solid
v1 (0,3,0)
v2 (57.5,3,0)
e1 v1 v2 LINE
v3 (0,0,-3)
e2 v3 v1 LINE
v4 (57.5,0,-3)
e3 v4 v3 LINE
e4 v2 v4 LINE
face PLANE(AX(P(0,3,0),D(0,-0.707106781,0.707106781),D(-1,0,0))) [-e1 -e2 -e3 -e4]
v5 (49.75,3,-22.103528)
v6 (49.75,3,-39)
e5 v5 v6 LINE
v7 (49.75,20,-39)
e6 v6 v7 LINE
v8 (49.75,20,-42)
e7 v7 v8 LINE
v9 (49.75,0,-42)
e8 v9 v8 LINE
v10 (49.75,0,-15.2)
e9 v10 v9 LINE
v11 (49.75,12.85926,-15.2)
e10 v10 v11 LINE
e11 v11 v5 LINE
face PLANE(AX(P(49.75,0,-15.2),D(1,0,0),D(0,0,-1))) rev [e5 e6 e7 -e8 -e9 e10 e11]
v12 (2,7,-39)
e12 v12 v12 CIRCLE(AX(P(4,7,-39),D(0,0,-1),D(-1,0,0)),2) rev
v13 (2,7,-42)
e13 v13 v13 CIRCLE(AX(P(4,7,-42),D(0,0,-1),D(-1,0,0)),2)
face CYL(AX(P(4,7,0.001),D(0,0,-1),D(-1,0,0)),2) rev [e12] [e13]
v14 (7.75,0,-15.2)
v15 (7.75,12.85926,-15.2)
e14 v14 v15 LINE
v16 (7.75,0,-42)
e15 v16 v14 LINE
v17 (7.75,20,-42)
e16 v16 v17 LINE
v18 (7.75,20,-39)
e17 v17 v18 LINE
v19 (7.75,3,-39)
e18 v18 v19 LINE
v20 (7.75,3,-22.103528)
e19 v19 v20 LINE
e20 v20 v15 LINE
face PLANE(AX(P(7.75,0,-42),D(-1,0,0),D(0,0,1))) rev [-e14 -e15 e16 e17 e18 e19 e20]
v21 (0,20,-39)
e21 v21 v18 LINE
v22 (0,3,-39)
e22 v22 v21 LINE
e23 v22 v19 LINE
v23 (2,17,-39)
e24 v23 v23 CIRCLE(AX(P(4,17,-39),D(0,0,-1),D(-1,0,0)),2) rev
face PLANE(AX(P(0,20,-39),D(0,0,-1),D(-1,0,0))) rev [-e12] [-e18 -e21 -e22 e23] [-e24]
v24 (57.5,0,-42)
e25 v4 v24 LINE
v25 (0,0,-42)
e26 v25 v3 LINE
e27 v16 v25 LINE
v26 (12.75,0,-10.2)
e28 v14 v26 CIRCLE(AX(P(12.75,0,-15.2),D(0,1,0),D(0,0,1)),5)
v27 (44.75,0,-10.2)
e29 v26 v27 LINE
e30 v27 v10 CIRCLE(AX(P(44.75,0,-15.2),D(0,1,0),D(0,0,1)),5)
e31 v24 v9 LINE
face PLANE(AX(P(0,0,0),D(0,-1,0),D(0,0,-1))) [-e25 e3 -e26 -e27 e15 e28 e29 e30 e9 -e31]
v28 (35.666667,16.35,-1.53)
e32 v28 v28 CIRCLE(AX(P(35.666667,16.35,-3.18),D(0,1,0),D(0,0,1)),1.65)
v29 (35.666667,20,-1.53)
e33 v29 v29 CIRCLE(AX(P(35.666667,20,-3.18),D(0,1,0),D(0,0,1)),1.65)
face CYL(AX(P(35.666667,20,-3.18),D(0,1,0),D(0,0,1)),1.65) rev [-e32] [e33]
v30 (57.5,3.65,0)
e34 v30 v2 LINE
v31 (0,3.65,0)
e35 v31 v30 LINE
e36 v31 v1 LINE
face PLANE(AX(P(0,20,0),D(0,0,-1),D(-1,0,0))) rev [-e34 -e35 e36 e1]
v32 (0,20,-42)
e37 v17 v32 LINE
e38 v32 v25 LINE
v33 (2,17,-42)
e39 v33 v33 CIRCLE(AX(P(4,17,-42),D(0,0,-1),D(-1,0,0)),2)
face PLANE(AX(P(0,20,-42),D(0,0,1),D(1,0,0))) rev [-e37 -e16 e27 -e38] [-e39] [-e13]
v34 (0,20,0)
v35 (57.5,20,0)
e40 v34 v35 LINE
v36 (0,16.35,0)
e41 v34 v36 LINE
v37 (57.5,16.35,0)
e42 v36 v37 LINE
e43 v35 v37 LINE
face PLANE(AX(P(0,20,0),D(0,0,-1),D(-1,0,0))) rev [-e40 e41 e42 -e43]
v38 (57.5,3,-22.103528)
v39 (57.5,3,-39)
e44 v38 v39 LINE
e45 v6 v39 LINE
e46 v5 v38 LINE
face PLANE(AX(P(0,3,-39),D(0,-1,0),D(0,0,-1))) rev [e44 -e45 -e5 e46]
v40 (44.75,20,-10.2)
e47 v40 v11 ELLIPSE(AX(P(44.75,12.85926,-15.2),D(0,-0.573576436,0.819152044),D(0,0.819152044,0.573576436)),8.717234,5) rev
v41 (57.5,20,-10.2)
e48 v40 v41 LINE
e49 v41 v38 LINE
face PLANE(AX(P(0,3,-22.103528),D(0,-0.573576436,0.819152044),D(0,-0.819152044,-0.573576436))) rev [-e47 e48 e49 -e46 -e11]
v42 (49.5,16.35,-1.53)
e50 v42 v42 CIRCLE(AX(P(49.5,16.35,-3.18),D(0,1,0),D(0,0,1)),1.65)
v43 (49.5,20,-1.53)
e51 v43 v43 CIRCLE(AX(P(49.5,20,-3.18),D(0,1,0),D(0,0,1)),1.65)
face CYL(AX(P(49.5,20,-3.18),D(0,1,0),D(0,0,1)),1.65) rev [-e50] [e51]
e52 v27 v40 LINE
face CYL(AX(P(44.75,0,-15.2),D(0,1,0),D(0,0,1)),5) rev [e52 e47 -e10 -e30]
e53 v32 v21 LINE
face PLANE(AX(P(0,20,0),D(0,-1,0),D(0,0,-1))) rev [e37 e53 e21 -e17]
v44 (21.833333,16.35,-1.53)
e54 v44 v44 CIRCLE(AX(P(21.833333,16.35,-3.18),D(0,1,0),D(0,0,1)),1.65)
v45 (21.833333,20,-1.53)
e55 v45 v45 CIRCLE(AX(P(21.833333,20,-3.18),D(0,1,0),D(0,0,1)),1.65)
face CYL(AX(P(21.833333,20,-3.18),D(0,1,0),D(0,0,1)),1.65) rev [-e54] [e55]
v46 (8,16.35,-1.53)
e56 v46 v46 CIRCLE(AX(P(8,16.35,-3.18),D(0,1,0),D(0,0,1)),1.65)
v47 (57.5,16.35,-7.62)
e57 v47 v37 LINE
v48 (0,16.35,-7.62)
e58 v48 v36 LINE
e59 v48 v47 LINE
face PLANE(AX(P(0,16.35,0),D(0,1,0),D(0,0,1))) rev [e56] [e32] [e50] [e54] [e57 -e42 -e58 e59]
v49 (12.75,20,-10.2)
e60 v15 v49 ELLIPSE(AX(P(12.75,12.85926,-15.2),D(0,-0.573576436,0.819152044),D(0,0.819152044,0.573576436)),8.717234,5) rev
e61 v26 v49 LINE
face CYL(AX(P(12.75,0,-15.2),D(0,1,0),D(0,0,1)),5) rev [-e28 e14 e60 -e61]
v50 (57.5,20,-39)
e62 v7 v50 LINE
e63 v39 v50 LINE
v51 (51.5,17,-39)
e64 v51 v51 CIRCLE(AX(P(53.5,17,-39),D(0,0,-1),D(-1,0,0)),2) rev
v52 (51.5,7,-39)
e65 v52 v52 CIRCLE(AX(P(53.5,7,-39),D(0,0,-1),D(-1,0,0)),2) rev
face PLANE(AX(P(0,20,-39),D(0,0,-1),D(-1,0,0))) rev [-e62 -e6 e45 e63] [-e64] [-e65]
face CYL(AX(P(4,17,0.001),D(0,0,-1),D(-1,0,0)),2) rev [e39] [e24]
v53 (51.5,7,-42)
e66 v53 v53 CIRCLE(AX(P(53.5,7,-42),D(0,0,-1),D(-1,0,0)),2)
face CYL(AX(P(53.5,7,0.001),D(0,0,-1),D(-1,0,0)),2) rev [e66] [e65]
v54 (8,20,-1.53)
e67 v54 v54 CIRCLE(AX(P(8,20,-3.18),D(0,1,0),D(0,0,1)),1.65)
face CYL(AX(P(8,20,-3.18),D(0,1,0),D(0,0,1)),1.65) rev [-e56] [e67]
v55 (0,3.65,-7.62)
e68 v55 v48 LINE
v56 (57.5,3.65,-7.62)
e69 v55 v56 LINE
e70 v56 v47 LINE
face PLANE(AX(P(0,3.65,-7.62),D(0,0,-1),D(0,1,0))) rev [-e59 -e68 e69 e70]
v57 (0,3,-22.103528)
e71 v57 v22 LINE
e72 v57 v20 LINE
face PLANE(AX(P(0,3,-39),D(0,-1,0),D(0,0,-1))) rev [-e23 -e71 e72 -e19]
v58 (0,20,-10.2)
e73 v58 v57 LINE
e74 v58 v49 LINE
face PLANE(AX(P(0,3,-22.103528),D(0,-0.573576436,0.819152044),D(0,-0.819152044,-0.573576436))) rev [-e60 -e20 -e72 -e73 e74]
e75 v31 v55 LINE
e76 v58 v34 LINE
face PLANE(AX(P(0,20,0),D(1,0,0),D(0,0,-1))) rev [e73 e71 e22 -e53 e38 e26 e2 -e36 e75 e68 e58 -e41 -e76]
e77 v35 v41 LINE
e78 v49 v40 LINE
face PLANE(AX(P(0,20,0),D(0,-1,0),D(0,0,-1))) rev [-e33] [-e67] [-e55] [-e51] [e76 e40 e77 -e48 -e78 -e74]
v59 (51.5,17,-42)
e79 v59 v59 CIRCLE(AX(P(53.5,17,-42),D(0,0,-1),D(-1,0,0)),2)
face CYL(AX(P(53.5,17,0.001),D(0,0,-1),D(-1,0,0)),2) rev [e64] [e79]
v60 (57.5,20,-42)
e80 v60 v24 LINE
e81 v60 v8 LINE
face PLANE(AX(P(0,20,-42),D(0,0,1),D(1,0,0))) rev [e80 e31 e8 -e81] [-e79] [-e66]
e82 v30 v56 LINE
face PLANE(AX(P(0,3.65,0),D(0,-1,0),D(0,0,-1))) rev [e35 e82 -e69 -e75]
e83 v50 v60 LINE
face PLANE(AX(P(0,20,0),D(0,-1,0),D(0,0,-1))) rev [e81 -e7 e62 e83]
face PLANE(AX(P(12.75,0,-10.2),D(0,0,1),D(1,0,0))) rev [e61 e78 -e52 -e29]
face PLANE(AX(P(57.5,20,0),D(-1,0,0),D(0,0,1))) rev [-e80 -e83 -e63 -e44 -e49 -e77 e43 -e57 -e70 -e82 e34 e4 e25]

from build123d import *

# Parameters (mm, degrees)
SKETCH1_W                 = 57.5
SKETCH1_H                 = 42
BOSS_EXTRUDE1_DEPTH       = 20
CUT_EXTRUDE1_DEPTH        = 21
CUT_EXTRUDE2_DEPTH        = 58.5
CUT_EXTRUDE3_REACH        = 44
SKETCH4_R                 = 2
SKETCH5_W                 = 7.62
SKETCH5_H                 = 12.7
CUT_EXTRUDE4_DEPTH        = 58.5
M4X0_7_TAPPED_HOLE1_D     = 3.3
M4X0_7_TAPPED_HOLE1_DEPTH = 3.65
CHAMFER1_SIZE             = 3


with BuildPart() as part:
    # Sketch1 → Boss-Extrude1 (new body)
    with BuildSketch(Plane(origin=(0, 0, 0), x_dir=(1, 0, 0), z_dir=(0, 1, 0))):
        with Locations((28.75, 21)):
            Rectangle(SKETCH1_W, SKETCH1_H)
    extrude(amount=BOSS_EXTRUDE1_DEPTH)

    # Sketch2 → Cut-Extrude1 (cut, through all)
    with BuildSketch(Plane(origin=(0, 20, 0), x_dir=(1, 0, 0), z_dir=(0, 1, 0))):
        with BuildLine():
            Line((7.75, 42), (7.75, 15.2))
            ThreePointArc((7.75, 15.2), (9.214466094, 11.664466094), (12.75, 10.2))
            Line((12.75, 10.2), (44.75, 10.2))
            ThreePointArc((44.75, 10.2), (48.285533906, 11.664466094), (49.75, 15.2))
            Line((49.75, 15.2), (49.75, 42))
            Line((49.75, 42), (7.75, 42))
        make_face()
    extrude(amount=-CUT_EXTRUDE1_DEPTH, mode=Mode.SUBTRACT)

    # Sketch3 → Cut-Extrude2 (cut, through all)
    with BuildSketch(Plane(origin=(57.5, 0, 0), x_dir=(0, 0, -1), z_dir=(1, 0, 0))):
        Polygon((39, 20), (39, 3), (22.10352815, 3), (10.2, 20), align=None)
    extrude(amount=-CUT_EXTRUDE2_DEPTH, mode=Mode.SUBTRACT)

    # Sketch4 → Cut-Extrude3 (cut, up to next)
    with BuildSketch(Plane(origin=(0, 0, -42), x_dir=(-1, 0, 0), z_dir=(0, 0, -1)), mode=Mode.PRIVATE) as cut_extrude3_sk1:
        with Locations((-53.5, 17)):
            Circle(SKETCH4_R)
    cut_extrude3_tool1 = extrude(cut_extrude3_sk1.sketch, amount=-CUT_EXTRUDE3_REACH, mode=Mode.PRIVATE) & part.part
    add(cut_extrude3_tool1.solids().sort_by_distance((53.5, 17, -42))[0], mode=Mode.SUBTRACT)
    # Sketch4 → Cut-Extrude3 (cut, up to next)
    with BuildSketch(Plane(origin=(0, 0, -42), x_dir=(-1, 0, 0), z_dir=(0, 0, -1)), mode=Mode.PRIVATE) as cut_extrude3_sk2:
        with Locations((-4, 17)):
            Circle(SKETCH4_R)
    cut_extrude3_tool2 = extrude(cut_extrude3_sk2.sketch, amount=-CUT_EXTRUDE3_REACH, mode=Mode.PRIVATE) & part.part
    add(cut_extrude3_tool2.solids().sort_by_distance((4, 17, -42))[0], mode=Mode.SUBTRACT)
    # Sketch4 → Cut-Extrude3 (cut, up to next)
    with BuildSketch(Plane(origin=(0, 0, -42), x_dir=(-1, 0, 0), z_dir=(0, 0, -1)), mode=Mode.PRIVATE) as cut_extrude3_sk3:
        with Locations((-4, 7)):
            Circle(SKETCH4_R)
    cut_extrude3_tool3 = extrude(cut_extrude3_sk3.sketch, amount=-CUT_EXTRUDE3_REACH, mode=Mode.PRIVATE) & part.part
    add(cut_extrude3_tool3.solids().sort_by_distance((4, 7, -42))[0], mode=Mode.SUBTRACT)
    # Sketch4 → Cut-Extrude3 (cut, up to next)
    with BuildSketch(Plane(origin=(0, 0, -42), x_dir=(-1, 0, 0), z_dir=(0, 0, -1)), mode=Mode.PRIVATE) as cut_extrude3_sk4:
        with Locations((-53.5, 7)):
            Circle(SKETCH4_R)
    cut_extrude3_tool4 = extrude(cut_extrude3_sk4.sketch, amount=-CUT_EXTRUDE3_REACH, mode=Mode.PRIVATE) & part.part
    add(cut_extrude3_tool4.solids().sort_by_distance((53.5, 7, -42))[0], mode=Mode.SUBTRACT)

    # Sketch5 → Cut-Extrude4 (cut, through all)
    with BuildSketch(Plane(origin=(57.5, 0, 0), x_dir=(0, 0, -1), z_dir=(1, 0, 0))):
        with Locations((3.81, 10)):
            Rectangle(SKETCH5_W, SKETCH5_H)
    extrude(amount=-CUT_EXTRUDE4_DEPTH, mode=Mode.SUBTRACT)

    # M4x0.7 Tapped Hole1
    with Locations(Plane(origin=(0, 20, 0), x_dir=(1, 0, 0), z_dir=(0, 1, 0))):
        with Locations((8, 3.18), (21.833333333, 3.18), (35.666666667, 3.18), (49.5, 3.18)):
            Hole(M4X0_7_TAPPED_HOLE1_D / 2, depth=M4X0_7_TAPPED_HOLE1_DEPTH)

    # Chamfer1
    chamfer1_edges = [part.edges().sort_by_distance(p)[0] for p in [
        (28.75, 0, 0),
    ]]
    chamfer(chamfer1_edges, length=CHAMFER1_SIZE)


solid = part.part
